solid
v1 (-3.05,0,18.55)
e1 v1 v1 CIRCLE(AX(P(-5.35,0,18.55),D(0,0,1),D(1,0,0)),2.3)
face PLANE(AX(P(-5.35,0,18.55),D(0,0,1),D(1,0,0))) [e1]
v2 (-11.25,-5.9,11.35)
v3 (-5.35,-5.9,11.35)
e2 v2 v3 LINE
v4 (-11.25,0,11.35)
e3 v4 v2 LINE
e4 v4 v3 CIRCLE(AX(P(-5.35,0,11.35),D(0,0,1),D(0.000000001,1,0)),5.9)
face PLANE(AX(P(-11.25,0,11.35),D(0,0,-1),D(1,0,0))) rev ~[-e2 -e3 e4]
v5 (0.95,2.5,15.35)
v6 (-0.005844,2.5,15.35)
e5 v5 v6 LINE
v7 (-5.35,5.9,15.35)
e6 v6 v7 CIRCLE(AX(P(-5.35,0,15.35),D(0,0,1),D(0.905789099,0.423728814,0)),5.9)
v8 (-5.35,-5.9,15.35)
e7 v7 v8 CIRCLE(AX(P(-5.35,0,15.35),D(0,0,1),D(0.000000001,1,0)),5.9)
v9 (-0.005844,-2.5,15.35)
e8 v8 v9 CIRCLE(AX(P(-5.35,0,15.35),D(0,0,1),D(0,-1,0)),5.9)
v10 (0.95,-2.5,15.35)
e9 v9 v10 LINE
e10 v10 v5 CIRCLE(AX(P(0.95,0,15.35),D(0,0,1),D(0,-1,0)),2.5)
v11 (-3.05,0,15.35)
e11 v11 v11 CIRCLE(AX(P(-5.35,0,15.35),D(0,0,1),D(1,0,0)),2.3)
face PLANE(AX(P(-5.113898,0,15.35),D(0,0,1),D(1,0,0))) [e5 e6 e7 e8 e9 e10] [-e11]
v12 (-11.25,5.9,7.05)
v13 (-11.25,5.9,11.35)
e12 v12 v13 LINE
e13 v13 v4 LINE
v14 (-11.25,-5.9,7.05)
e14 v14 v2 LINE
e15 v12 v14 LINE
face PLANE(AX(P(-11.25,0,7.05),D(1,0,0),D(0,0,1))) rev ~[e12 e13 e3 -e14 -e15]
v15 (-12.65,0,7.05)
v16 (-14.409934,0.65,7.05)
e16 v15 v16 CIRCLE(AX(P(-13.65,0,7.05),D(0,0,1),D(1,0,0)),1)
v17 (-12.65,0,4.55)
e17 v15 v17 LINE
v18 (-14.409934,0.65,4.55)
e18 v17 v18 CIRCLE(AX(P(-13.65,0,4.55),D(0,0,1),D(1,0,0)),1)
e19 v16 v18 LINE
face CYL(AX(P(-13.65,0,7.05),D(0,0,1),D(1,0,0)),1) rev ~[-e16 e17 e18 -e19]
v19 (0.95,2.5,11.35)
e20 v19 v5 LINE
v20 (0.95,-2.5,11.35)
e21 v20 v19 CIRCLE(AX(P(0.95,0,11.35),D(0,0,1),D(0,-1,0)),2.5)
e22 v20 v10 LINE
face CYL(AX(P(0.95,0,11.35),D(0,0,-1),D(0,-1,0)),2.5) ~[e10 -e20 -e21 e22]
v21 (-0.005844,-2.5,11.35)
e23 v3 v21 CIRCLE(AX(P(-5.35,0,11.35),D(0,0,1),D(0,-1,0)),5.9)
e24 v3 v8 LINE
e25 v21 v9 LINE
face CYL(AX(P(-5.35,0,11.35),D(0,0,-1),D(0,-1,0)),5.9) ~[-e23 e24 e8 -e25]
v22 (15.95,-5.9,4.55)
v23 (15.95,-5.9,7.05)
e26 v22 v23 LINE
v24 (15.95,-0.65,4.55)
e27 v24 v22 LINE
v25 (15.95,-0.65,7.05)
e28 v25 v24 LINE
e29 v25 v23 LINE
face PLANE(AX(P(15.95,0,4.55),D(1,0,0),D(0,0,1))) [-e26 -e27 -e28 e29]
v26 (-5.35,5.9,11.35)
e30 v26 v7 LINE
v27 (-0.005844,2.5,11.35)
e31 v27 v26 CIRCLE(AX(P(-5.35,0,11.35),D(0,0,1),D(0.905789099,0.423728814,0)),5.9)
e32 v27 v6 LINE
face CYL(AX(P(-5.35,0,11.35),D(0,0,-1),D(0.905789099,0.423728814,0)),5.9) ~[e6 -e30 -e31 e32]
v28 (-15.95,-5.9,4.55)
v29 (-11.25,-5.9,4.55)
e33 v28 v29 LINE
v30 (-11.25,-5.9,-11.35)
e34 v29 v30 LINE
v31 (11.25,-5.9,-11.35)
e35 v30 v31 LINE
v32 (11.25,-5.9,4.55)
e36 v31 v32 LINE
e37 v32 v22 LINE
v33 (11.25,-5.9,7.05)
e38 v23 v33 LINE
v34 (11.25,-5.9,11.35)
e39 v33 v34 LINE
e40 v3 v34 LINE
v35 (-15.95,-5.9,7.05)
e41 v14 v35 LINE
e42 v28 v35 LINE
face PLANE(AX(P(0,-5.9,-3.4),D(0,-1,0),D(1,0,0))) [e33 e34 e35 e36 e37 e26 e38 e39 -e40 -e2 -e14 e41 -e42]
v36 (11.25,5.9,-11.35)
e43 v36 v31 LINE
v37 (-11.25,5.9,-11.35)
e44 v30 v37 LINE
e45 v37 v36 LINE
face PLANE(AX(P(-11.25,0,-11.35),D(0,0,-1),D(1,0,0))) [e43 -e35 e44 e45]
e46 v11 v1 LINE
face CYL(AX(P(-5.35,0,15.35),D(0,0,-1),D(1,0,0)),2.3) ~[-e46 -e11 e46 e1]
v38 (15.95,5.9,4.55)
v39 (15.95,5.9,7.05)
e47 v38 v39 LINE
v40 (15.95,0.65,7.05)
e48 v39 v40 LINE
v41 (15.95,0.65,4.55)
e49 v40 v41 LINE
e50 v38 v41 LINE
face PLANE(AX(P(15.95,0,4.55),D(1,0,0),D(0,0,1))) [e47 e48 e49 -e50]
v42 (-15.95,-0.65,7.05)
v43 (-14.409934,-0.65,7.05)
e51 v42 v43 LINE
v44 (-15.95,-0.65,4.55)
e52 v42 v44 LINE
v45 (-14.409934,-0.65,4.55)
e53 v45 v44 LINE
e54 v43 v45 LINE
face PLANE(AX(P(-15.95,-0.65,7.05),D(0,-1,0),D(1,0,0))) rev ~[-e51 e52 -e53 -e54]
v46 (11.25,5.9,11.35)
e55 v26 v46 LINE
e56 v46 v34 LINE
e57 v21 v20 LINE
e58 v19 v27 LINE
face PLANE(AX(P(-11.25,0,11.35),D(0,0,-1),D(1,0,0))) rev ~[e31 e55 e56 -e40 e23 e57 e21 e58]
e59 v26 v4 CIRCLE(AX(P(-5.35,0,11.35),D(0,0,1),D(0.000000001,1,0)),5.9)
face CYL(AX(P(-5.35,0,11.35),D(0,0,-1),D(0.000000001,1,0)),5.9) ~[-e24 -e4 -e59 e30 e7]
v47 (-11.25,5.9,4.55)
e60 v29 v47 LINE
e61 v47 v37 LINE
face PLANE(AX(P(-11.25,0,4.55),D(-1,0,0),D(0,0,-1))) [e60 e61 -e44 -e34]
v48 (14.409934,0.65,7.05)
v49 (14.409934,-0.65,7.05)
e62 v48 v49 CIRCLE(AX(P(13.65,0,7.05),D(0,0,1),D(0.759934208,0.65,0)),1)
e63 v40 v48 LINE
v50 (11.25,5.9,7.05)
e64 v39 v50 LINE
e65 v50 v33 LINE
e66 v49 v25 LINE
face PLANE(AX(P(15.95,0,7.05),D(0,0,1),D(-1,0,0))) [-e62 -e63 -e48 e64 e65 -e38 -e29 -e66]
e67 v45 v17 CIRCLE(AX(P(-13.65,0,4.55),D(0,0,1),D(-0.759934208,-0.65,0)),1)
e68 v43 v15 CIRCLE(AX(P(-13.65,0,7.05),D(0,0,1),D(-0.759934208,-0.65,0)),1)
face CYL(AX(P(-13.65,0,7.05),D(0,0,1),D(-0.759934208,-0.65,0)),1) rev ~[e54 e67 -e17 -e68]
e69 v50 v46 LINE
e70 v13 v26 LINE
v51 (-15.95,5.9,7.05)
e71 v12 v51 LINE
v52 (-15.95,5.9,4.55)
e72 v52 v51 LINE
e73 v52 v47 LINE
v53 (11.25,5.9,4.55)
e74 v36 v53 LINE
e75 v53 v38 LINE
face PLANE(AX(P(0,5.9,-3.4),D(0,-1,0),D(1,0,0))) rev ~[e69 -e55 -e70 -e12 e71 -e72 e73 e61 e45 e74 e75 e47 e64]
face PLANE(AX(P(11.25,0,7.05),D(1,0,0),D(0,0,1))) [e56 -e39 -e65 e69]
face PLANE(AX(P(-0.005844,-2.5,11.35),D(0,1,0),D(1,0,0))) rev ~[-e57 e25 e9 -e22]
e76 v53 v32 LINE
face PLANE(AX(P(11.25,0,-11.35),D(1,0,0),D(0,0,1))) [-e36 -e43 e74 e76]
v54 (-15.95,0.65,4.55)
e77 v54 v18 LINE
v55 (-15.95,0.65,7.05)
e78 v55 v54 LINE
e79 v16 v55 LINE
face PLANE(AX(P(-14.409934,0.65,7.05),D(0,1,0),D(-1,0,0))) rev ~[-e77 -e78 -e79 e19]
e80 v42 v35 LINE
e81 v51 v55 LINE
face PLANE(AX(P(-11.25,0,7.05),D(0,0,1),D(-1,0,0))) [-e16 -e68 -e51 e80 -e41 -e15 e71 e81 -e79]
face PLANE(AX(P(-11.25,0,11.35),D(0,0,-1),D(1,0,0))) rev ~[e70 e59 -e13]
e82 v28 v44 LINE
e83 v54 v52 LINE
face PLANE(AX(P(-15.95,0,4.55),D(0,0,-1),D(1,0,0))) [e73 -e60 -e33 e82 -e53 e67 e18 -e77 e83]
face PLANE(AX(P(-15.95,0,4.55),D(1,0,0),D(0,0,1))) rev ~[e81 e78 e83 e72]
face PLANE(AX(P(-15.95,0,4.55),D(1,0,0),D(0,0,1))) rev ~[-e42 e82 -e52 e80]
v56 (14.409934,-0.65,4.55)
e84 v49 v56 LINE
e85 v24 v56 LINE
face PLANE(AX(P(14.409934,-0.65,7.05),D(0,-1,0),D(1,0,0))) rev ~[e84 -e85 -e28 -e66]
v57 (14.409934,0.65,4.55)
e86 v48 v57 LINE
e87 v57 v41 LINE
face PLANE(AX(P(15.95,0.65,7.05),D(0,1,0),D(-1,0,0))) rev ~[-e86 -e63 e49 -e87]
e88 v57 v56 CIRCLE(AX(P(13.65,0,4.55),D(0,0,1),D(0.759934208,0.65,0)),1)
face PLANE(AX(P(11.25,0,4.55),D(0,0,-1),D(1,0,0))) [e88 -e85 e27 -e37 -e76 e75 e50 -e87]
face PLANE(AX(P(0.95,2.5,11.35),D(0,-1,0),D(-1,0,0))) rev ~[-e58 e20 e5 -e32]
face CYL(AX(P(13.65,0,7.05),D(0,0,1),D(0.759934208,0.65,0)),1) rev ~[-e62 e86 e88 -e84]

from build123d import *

# Parameters (mm, degrees)
F0_W     = 22.5
F0_H     = 15.9
F0_H_2   = 2.5
F0_W_2   = 4.7
F0_H_3   = 4.3
F1_DEPTH = 5.9
F3_DEPTH = 4
F5_DEPTH = 18.401
F7_DEPTH = 25
F8_R     = 2.3
F9_DEPTH = 3.2


with BuildPart() as f1:
    # F0 (on Front) → F1 (new body, symmetric)
    with BuildSketch(Plane.XZ):
        with Locations((0, -3.4)):
            Rectangle(F0_W, F0_H)
        with Locations((0, 5.8)):
            Rectangle(F0_W, F0_H_2)
        with Locations((13.6, 5.8)):
            Rectangle(F0_W_2, F0_H_2)
        with Locations((-13.6, 5.8)):
            Rectangle(F0_W_2, F0_H_2)
        with Locations((0, 9.2)):
            Rectangle(F0_W, F0_H_3)
    extrude(amount=F1_DEPTH, both=True)

    # F2 (on face) → F3 (join)
    with BuildSketch(Plane.XY.offset(11.35)):
        with BuildLine():
            ThreePointArc((-0.0058443136, -2.5), (0.409362749, -1.2805236137), (0.55, 0))
            ThreePointArc((0.55, 0), (0.409362749, 1.2805236137), (-0.0058443136, 2.5))
            ThreePointArc((-0.0058443136, 2.5), (-2.1829824735, 4.9779513846), (-5.3499999952, 5.9))
            ThreePointArc((-5.3499999952, 5.9), (-9.5219300168, 4.1719300012), (-11.25, -2.68e-08))
            ThreePointArc((-11.25, -2.68e-08), (-9.5219299995, -4.1719300185), (-5.35, -5.9))
            ThreePointArc((-5.35, -5.9), (-2.1829824756, -4.9779513859), (-0.0058443136, -2.5))
        make_face()
        with BuildLine():
            ThreePointArc((-0.0058443136, 2.5), (0.409362749, 1.2805236137), (0.55, 0))
            ThreePointArc((0.55, 0), (0.409362749, -1.2805236137), (-0.0058443136, -2.5))
            Line((-0.0058443136, -2.5), (0.95, -2.5))
            ThreePointArc((0.95, -2.5), (3.45, 0), (0.95, 2.5))
            Line((0.95, 2.5), (-0.0058443136, 2.5))
        make_face()
    extrude(amount=F3_DEPTH)

    # F4 (on face) → F5 (cut, through all)
    with BuildSketch(Plane.XY.offset(7.05)):
        with BuildLine():
            ThreePointArc((14.4099342077, -0.65), (14.5880656181, -0.3464576398), (14.65, 0))
            ThreePointArc((14.65, 0), (14.5880656181, 0.3464576398), (14.4099342077, 0.65))
            ThreePointArc((14.4099342077, 0.65), (12.65, 0), (14.4099342077, -0.65))
        make_face()
        with BuildLine():
            ThreePointArc((14.4099342077, 0.65), (14.5880656181, 0.3464576398), (14.65, 0))
            ThreePointArc((14.65, 0), (14.5880656181, -0.3464576398), (14.4099342077, -0.65))
            Line((14.4099342077, -0.65), (15.95, -0.65))
            Line((15.95, -0.65), (15.95, 0.65))
            Line((15.95, 0.65), (14.4099342077, 0.65))
        make_face()
    extrude(amount=-F5_DEPTH, mode=Mode.SUBTRACT)

    # F6 (on face) → F7 (cut)
    with BuildSketch(Plane.XY.offset(7.05)):
        with BuildLine():
            ThreePointArc((-14.4099342077, -0.65), (-13.3035423602, -0.9380656181), (-12.65, 0))
            ThreePointArc((-12.65, 0), (-13.3035423602, 0.9380656181), (-14.4099342077, 0.65))
            ThreePointArc((-14.4099342077, 0.65), (-14.65, 0), (-14.4099342077, -0.65))
        make_face()
        with BuildLine():
            ThreePointArc((-14.4099342077, -0.65), (-14.65, 0), (-14.4099342077, 0.65))
            Line((-14.4099342077, 0.65), (-15.95, 0.65))
            Line((-15.95, 0.65), (-15.95, -0.65))
            Line((-15.95, -0.65), (-14.4099342077, -0.65))
        make_face()
    extrude(amount=-F7_DEPTH, mode=Mode.SUBTRACT)

    # F8 (on face) → F9 (join)
    with BuildSketch(Plane.XY.offset(15.35)):
        with Locations((-5.35, 0)):
            Circle(F8_R)
    extrude(amount=F9_DEPTH)


solid = f1.part
